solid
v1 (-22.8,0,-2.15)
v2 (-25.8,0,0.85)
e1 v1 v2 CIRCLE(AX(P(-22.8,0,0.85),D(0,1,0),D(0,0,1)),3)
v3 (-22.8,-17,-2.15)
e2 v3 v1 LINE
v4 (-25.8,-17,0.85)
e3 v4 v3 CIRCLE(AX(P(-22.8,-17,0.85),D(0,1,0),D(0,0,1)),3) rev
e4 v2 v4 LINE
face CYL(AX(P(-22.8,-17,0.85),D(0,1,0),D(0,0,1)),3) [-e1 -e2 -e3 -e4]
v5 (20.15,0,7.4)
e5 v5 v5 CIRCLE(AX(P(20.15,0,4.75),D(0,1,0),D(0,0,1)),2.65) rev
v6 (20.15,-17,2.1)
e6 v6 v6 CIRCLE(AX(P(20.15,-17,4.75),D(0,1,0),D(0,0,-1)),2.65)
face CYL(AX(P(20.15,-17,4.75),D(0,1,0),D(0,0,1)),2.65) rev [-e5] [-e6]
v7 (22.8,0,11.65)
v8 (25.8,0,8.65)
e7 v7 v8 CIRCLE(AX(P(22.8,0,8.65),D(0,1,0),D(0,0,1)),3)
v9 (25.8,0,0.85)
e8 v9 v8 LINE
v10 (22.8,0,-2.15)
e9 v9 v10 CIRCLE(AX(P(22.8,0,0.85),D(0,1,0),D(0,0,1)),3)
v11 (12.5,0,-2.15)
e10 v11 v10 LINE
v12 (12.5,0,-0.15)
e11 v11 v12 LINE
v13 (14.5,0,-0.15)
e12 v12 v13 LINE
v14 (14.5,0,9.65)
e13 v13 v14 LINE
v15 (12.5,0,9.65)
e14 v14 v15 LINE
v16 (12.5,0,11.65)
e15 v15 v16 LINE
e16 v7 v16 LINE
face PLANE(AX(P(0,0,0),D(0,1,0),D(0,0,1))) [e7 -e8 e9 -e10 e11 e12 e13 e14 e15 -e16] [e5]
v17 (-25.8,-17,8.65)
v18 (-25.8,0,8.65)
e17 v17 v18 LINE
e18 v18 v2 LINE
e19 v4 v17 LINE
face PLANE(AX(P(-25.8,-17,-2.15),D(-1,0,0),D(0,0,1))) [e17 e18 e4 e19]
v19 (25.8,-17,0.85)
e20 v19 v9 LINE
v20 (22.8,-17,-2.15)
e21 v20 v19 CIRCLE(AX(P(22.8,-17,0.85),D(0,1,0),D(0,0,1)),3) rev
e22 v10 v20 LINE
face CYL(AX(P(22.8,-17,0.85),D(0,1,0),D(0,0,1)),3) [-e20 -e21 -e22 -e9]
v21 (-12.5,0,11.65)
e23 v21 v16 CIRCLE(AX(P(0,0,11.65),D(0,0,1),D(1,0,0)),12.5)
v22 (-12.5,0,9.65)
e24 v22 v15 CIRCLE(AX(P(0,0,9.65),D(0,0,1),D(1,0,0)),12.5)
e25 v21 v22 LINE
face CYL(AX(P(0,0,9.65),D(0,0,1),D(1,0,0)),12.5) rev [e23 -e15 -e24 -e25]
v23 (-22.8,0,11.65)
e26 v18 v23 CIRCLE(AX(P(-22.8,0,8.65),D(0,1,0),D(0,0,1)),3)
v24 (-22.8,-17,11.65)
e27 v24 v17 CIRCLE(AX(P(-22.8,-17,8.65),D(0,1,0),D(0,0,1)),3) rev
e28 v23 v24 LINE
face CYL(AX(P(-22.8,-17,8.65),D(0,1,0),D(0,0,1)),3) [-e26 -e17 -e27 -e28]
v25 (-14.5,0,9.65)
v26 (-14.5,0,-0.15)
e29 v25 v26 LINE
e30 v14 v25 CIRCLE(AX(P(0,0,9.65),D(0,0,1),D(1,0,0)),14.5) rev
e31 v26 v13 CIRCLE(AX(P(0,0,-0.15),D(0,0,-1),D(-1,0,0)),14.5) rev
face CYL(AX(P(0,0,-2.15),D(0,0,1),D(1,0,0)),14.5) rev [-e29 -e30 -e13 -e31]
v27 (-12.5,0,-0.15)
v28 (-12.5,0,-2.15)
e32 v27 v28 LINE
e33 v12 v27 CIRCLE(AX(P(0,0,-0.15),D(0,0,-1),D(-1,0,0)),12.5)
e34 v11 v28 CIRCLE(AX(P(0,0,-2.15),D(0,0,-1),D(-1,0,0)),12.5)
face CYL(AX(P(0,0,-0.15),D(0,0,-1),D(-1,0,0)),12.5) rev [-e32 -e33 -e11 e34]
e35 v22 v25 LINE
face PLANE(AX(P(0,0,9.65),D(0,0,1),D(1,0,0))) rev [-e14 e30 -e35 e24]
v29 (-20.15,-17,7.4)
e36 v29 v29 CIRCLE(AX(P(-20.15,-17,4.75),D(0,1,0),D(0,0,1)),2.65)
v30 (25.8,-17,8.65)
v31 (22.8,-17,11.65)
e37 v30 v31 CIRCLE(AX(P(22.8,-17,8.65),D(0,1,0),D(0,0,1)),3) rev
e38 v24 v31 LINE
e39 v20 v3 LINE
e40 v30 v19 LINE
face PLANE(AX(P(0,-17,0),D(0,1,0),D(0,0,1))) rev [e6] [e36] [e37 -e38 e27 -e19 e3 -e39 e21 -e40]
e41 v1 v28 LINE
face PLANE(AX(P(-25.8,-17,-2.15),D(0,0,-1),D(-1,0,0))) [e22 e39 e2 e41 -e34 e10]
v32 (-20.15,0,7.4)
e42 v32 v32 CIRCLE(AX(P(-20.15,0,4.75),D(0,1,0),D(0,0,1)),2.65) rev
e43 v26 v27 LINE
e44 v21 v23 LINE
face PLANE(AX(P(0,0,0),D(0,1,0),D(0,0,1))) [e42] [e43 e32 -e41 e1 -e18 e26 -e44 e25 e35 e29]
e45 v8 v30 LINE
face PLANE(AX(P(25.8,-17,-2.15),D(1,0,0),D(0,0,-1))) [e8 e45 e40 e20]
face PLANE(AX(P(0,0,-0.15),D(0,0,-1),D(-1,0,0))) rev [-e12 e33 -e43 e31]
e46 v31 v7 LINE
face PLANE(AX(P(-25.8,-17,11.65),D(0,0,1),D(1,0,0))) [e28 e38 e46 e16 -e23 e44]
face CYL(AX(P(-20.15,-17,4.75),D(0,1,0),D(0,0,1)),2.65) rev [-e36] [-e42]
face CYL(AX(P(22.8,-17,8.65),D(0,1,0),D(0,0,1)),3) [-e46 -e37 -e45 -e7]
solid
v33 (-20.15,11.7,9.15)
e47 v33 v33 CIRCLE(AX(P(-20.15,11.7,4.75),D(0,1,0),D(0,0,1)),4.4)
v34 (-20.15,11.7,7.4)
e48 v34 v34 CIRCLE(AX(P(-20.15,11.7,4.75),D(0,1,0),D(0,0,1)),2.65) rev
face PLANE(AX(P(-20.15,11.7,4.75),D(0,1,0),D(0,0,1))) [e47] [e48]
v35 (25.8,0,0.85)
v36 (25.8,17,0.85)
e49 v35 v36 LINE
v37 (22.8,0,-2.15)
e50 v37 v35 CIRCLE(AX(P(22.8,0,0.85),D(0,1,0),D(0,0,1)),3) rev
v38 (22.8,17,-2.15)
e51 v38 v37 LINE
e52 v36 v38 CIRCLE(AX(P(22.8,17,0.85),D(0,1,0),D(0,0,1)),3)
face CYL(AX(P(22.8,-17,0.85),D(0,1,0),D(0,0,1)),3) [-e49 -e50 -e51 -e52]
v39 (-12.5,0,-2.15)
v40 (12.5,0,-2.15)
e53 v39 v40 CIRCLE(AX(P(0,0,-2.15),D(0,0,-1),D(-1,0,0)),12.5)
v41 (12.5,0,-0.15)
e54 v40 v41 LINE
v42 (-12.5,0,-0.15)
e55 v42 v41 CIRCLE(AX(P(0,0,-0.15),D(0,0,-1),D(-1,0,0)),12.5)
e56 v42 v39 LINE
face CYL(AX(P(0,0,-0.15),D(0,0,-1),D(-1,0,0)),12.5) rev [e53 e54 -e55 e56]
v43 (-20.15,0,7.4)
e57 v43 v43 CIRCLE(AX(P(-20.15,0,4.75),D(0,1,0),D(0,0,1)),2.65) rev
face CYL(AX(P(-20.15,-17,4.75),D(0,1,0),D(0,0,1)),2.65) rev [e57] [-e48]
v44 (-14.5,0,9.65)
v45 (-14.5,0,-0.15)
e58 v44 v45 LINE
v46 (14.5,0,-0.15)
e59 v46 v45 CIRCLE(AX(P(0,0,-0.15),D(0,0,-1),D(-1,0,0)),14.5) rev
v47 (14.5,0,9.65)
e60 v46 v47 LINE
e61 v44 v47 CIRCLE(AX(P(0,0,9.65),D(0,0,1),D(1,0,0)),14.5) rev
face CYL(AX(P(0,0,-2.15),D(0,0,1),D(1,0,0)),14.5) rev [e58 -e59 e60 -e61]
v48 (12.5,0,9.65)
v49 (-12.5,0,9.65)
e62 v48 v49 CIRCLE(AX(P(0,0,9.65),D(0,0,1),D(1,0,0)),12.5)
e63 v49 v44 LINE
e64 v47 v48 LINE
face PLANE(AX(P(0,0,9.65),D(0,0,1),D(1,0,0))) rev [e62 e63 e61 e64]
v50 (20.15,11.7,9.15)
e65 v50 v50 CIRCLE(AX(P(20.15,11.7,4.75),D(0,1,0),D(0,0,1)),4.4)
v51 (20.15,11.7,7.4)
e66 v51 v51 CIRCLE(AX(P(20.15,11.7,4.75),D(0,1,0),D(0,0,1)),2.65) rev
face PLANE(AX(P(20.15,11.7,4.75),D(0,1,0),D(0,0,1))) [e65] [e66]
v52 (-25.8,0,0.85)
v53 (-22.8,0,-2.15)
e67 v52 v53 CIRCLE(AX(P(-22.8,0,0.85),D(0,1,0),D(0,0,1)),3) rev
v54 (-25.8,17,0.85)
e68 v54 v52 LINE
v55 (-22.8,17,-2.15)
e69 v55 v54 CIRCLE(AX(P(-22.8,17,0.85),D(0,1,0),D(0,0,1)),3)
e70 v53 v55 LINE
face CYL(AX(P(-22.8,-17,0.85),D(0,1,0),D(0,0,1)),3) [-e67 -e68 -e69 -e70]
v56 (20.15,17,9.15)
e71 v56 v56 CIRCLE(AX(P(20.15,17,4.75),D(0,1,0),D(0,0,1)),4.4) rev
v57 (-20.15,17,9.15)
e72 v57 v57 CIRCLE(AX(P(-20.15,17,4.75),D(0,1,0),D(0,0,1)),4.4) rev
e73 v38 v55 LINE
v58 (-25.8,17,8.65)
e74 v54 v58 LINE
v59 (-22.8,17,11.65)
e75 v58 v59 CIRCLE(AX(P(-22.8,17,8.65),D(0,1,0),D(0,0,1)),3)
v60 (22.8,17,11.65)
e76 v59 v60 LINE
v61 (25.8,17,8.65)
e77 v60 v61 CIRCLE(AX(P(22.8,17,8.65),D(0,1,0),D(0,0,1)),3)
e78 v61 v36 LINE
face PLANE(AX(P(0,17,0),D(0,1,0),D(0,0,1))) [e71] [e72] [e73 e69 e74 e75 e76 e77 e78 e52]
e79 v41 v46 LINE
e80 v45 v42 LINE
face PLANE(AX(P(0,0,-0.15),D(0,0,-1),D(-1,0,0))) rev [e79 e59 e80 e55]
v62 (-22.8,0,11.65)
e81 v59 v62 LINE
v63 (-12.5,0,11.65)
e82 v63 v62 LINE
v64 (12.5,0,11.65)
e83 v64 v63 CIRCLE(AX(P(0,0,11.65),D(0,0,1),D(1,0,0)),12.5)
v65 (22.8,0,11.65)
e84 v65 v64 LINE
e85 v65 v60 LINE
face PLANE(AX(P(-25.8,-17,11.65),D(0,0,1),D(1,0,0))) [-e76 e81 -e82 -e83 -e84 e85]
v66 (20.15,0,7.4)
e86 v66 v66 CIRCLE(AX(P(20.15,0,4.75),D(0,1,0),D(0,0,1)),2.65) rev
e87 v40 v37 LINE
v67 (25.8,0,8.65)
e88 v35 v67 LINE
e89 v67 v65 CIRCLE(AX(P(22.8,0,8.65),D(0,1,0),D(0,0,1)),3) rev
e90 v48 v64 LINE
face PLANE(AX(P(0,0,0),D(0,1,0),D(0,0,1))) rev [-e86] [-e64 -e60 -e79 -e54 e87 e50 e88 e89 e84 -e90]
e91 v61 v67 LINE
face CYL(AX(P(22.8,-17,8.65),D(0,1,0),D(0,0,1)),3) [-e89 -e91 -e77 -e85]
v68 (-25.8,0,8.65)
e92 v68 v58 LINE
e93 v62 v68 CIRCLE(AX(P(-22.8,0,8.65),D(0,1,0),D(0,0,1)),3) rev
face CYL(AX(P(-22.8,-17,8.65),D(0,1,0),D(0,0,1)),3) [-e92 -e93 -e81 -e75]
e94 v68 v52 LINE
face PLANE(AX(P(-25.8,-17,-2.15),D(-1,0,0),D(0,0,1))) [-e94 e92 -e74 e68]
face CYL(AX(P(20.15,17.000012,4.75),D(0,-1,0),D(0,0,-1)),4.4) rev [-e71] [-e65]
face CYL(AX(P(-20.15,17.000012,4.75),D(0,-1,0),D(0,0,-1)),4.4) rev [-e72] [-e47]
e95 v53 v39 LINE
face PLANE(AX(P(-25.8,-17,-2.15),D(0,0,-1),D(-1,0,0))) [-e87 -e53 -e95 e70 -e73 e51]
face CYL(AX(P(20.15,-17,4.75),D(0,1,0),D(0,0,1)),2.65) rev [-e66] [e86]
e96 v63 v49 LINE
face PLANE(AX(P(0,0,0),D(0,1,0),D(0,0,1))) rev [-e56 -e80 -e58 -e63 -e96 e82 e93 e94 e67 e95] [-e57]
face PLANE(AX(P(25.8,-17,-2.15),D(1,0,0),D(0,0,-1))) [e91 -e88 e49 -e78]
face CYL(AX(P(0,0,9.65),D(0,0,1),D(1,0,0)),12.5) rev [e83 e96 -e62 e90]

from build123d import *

# Parameters (mm, degrees)
SKETCH1_R               = 14.5
BOSS_EXTRUDE1_DEPTH     = 9.5
BOSS_EXTRUDE2_START     = 17
SKETCH2_W               = 51.6
SKETCH2_H               = 13.8
SKETCH2_R               = 2.65
BOSS_EXTRUDE2_DEPTH     = 34
SKETCH5_R               = 14.5
CUT_EXTRUDE2_DEPTH      = 1
CUT_EXTRUDE2_DEPTH_BACK = 14.8
SKETCH6_R               = 14.5
SKETCH6_R_2             = 12.5
BOSS_EXTRUDE4_DEPTH     = 2
SKETCH7_R               = 14.5
SKETCH7_R_2             = 12.5
BOSS_EXTRUDE5_DEPTH     = 2
SKETCH8_R               = 4.4
CUT_EXTRUDE3_DEPTH      = 1
CUT_EXTRUDE3_DEPTH_BACK = 5.3
FILLET1_R               = 3
FILLET2_R               = 3


with BuildPart() as part:
    # Sketch1 → Boss-Extrude1 (new body)
    with BuildSketch(Plane.XY):
        Circle(SKETCH1_R)
    extrude(amount=BOSS_EXTRUDE1_DEPTH)


with BuildPart() as body_2:
    # Sketch2 → Boss-Extrude2 (new body)
    with BuildSketch(Plane(origin=(0, 0, 0), x_dir=(1, 0, 0), z_dir=(0, 1, 0)).offset(BOSS_EXTRUDE2_START)):
        with Locations((0, -4.75)):
            Rectangle(SKETCH2_W, SKETCH2_H)
        with Locations((-20.15, -4.75)):
            Circle(SKETCH2_R, mode=Mode.SUBTRACT)
        with Locations((20.15, -4.75)):
            Circle(SKETCH2_R, mode=Mode.SUBTRACT)
    extrude(amount=-BOSS_EXTRUDE2_DEPTH)


with BuildPart() as cut_extrude2_tool:
    # Sketch5 → Cut-Extrude2 (new body, two sides)
    with BuildSketch(Plane.XY.offset(11.65)) as cut_extrude2_sk:
        Circle(SKETCH5_R)
    extrude(amount=CUT_EXTRUDE2_DEPTH)
    extrude(cut_extrude2_sk.sketch, amount=-CUT_EXTRUDE2_DEPTH_BACK)


with BuildPart() as part_1:
    add(part.part)

    # Cut-Extrude2: cut by cut_extrude2_tool
    add(cut_extrude2_tool.part, mode=Mode.SUBTRACT)


with BuildPart() as body_2_1:
    add(body_2.part)

    # Cut-Extrude2: cut by cut_extrude2_tool
    add(cut_extrude2_tool.part, mode=Mode.SUBTRACT)

    # Sketch6 → Boss-Extrude4 (add)
    with BuildSketch(Plane.XY.offset(11.65)):
        Circle(SKETCH6_R)
        Circle(SKETCH6_R_2, mode=Mode.SUBTRACT)
    extrude(amount=-BOSS_EXTRUDE4_DEPTH)

    # Sketch7 → Boss-Extrude5 (add)
    with BuildSketch(Plane(origin=(0, 0, -2.15), x_dir=(-1, 0, 0), z_dir=(0, 0, -1))):
        Circle(SKETCH7_R)
        Circle(SKETCH7_R_2, mode=Mode.SUBTRACT)
    extrude(amount=-BOSS_EXTRUDE5_DEPTH)


with BuildPart() as body_2_2:
    # Split1: the piece on the far side of the plane
    add(body_2_1.part)
    split(bisect_by=Plane.ZX, keep=Keep.BOTTOM)

    # Fillet2
    fillet2_edges = [body_2_2.edges().sort_by_distance(p)[0] for p in [
        (-25.8, -8.5, 11.65),
        (25.8, -8.5, 11.65),
        (25.8, -8.5, -2.15),
        (-25.8, -8.5, -2.15),
    ]]
    fillet(fillet2_edges, radius=FILLET2_R)


with BuildPart() as body_2_3:
    add(body_2_1.part)

    # Split1
    split(bisect_by=Plane.ZX, keep=Keep.TOP)

    # Sketch8 → Cut-Extrude3 (cut, two sides)
    with BuildSketch(Plane(origin=(0, 17, 0), x_dir=(1, 0, 0), z_dir=(0, 1, 0))) as cut_extrude3_sk:
        with Locations((-20.15, -4.75)):
            Circle(SKETCH8_R)
        with Locations((20.15, -4.75)):
            Circle(SKETCH8_R)
    extrude(amount=CUT_EXTRUDE3_DEPTH, mode=Mode.SUBTRACT)
    extrude(cut_extrude3_sk.sketch, amount=-CUT_EXTRUDE3_DEPTH_BACK, mode=Mode.SUBTRACT)

    # Fillet1
    fillet1_edges = [body_2_3.edges().sort_by_distance(p)[0] for p in [
        (-25.8, 8.5, 11.65),
        (25.8, 8.5, 11.65),
        (25.8, 8.5, -2.15),
        (-25.8, 8.5, -2.15),
    ]]
    fillet(fillet1_edges, radius=FILLET1_R)


solid = Compound([body_2_2.part, body_2_3.part])
